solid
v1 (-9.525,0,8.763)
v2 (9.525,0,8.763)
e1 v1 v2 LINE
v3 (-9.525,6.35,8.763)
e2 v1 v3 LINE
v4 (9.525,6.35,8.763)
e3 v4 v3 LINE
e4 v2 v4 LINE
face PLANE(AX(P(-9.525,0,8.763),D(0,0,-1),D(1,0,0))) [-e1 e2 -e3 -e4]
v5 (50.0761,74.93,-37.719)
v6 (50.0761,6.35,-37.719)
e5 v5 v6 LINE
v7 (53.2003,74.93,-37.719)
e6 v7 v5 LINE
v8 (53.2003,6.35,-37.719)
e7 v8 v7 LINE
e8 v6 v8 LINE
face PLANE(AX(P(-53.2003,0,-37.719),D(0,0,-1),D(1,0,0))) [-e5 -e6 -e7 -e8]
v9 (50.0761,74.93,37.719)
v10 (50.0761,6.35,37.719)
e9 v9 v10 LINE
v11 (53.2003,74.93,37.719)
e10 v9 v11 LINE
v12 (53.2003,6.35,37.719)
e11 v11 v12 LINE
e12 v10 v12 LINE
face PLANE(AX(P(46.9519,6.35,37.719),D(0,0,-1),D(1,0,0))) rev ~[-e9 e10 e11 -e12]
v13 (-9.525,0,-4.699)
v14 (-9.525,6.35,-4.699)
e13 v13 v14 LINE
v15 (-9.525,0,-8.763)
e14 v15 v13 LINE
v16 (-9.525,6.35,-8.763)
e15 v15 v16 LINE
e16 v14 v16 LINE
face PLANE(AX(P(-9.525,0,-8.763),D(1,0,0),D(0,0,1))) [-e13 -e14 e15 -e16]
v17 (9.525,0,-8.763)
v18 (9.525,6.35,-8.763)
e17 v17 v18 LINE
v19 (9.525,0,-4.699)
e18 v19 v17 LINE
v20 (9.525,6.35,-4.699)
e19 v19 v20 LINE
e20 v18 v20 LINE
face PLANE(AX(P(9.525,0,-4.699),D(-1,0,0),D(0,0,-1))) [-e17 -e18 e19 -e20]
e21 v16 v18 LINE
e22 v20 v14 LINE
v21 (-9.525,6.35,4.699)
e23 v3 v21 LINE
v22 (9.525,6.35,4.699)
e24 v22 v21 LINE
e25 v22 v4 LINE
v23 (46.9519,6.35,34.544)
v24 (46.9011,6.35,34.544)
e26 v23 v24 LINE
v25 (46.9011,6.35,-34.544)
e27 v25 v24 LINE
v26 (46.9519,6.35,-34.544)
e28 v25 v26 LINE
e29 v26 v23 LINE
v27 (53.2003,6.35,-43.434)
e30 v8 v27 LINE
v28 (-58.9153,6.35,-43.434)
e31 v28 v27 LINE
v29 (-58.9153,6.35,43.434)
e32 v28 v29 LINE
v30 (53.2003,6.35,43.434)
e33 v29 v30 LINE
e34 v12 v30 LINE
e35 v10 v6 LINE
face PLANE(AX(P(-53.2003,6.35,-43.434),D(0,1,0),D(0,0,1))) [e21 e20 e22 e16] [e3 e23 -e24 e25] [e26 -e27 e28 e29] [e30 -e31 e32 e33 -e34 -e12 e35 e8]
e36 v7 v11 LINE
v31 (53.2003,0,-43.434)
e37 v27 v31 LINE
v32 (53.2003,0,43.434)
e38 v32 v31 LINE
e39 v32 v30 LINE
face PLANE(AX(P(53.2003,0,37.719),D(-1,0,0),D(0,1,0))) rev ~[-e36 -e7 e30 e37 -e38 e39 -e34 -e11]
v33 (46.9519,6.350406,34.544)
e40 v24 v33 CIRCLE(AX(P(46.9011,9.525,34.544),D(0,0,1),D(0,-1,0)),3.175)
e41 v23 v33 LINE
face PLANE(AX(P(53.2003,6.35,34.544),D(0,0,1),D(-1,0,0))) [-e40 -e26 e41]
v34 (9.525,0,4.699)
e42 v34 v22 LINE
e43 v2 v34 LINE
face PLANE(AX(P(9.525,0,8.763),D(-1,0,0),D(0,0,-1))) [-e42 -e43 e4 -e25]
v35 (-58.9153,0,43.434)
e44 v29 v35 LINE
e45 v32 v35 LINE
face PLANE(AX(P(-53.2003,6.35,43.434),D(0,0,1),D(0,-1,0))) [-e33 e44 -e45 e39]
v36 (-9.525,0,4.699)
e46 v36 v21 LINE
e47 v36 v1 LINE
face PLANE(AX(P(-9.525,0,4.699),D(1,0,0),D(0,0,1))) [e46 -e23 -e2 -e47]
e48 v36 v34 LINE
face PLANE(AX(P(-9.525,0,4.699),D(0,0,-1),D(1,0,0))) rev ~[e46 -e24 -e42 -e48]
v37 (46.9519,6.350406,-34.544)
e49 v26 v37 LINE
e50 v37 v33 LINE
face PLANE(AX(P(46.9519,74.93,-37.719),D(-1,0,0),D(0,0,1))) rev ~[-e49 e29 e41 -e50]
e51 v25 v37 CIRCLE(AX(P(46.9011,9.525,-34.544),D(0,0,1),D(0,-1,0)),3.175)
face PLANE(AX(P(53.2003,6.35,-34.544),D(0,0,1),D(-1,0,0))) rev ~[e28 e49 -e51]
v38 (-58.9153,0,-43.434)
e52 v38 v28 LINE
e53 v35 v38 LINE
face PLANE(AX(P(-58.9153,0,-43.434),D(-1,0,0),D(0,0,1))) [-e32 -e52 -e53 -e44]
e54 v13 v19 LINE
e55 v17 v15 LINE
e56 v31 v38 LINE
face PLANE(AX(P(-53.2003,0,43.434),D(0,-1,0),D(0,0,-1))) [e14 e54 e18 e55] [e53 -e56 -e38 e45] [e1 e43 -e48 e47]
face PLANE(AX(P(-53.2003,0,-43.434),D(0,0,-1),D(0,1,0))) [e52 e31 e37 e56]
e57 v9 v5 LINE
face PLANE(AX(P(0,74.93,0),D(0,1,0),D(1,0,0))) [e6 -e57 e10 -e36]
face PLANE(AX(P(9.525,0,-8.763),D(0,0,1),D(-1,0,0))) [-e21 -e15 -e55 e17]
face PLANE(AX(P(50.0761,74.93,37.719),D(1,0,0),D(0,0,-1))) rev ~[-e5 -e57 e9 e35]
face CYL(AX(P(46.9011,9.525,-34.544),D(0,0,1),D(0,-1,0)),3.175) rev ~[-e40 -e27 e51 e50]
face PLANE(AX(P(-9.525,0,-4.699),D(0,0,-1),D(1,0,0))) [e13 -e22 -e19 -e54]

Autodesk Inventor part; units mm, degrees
ref_plane "YZ Plane" through (0, 0, 0) normal (1, 0, 0) x (0, 1, 0)
ref_plane "XZ Plane" through (0, 0, 0) normal (0, 1, 0) x (-1, 0, 0)
ref_plane "XY Plane" through (0, 0, 0) normal (0, 0, 1) x (1, 0, 0)
sketch "Sketch1" plane through (0, 0, 0) normal (0, 1, 0) x (-1, 0, 0)
  line L0 (53.2003, -37.719) -> (-53.2003, -37.719)
  line L1 (-53.2003, -37.719) -> (-53.2003, 37.719)
  line L2 (-53.2003, 37.719) -> (53.2003, 37.719)
  line L3 (53.2003, 37.719) -> (53.2003, -37.719)
  line L4 (53.2003, -37.719) -> (-53.2003, 37.719) construction
  line L5 (-53.2003, -37.719) -> (53.2003, 37.719) construction
  point P0 (0, 0)
  dimension "d0" = 106.4006
  dimension "d1" = 75.438
extrude "Extrusion1" add sketch "Sketch1" along normal blind 6.35
sketch "Sketch2" plane through (0, 6.35, 0) normal (0, 1, 0) x (1, 0, 0)
  line L0 (53.2003, -37.719) -> (53.2003, 37.719) projected
  line L1 (53.2003, -37.719) -> (53.2003, -34.544)
  line L2 (53.2003, -34.544) -> (50.0761, -34.544)
  line L3 (53.2003, 37.719) -> (53.2003, 34.544)
  line L4 (53.2003, 34.544) -> (50.0761, 34.544)
  line L5 (50.0761, 34.544) -> (50.0761, -34.544)
  line L6 (53.2003, -34.544) -> (53.2003, 34.544)
  point P0 (0, 0)
  dimension "d4" = 3.175
  dimension "d5" = 3.1242
  dimension "d6" = 3.175
extrude "Extrusion2" add sketch "Sketch2" along normal blind 68.58
fillet "Fillet1" radius 3.175 1 edges at (50.0761, 6.35, 0)
sketch "Sketch3" plane through (0, 0, 0) normal (0, -1, 0) x (1, 0, 0)
  line L0 (-9.525, 8.763) -> (9.525, 8.763)
  line L1 (9.525, 8.763) -> (9.525, -8.763)
  line L2 (9.525, -8.763) -> (-9.525, -8.763)
  line L3 (-9.525, -8.763) -> (-9.525, 8.763)
  line L4 (-9.525, 8.763) -> (9.525, -8.763) construction
  line L5 (9.525, 8.763) -> (-9.525, -8.763) construction
  line L6 (9.525, -8.763) -> (-9.525, -8.763)
  line L7 (-9.525, -8.763) -> (-9.525, -4.699)
  line L8 (-9.525, -4.699) -> (9.525, -4.699)
  line L9 (9.525, -4.699) -> (9.525, -8.763)
  line L10 (9.525, 8.763) -> (-9.525, 8.763)
  line L11 (-9.525, 8.763) -> (-9.525, 4.699)
  line L12 (-9.525, 4.699) -> (9.525, 4.699)
  line L13 (9.525, 4.699) -> (9.525, 8.763)
  point P0 (0, 0)
  dimension "d10" = 19.05
  dimension "d11" = 17.526
  dimension "d12" = 4.064
  dimension "d13" = 4.064
extrude "Extrusion3" cut sketch "Sketch3" against normal blind 68.58 contours L0 L1 L12 L3 | L8 L1 L2 L3
sketch "Sketch4" plane through (0, 0, 0) normal (0, -1, 0) x (1, 0, 0)
  point P0 (0, 0)
sketch "Sketch5" plane through (0, 0, 0) normal (0, -1, 0) x (1, 0, 0)
  point P0 (0, 0)
sketch "Sketch6" plane through (53.2003, 0, -37.719) normal (0, 0, -1) x (-1, 0, 0)
  line L0 (106.4006, 0) -> (0, 0) projected
  line L1 (0, 6.35) -> (106.4006, 6.35) projected
  line L2 (106.4006, 0) -> (0, 0)
  line L3 (0, 0) -> (0, 6.35)
  line L4 (0, 6.35) -> (106.4006, 6.35)
  line L5 (106.4006, 6.35) -> (106.4006, 0)
  point P0 (53.2003, 0)
sketch "Sketch7" plane through (0, 6.35, 0) normal (0, 1, 0) x (1, 0, 0)
  line L0 (53.2003, 34.544) -> (53.2003, 37.719) projected
  line L1 (46.9519, -37.719) -> (53.2003, -37.719)
  line L2 (53.2003, -37.719) -> (53.2003, 37.719)
  line L3 (53.2003, 37.719) -> (46.9519, 37.719)
  line L4 (46.9519, 37.719) -> (46.9519, -37.719)
  line L5 (50.0761, 34.544) -> (50.0761, -34.544) projected
  line L6 (46.9519, -37.719) -> (53.2003, 37.719) construction
  line L7 (53.2003, -37.719) -> (46.9519, 37.719) construction
  point P0 (0, 0)
  point P1 (50.0761, 0)
extrude "Extrusion4" add sketch "Sketch7" along normal blind 68.58
sketch "Sketch8" plane through (0, 74.93, 0) normal (0, 1, 0) x (1, 0, 0)
  line L0 (53.2003, -37.719) -> (53.2003, 37.719) projected
  line L1 (53.2003, 37.719) -> (46.9519, 37.719) projected
  line L2 (53.2003, -37.719) -> (50.0761, -37.719)
  line L3 (50.0761, -37.719) -> (50.0761, 37.719)
  line L4 (50.0761, 37.719) -> (53.2003, 37.719)
  line L5 (53.2003, 37.719) -> (53.2003, -37.719)
  line L6 (46.9519, -37.719) -> (53.2003, -37.719) projected
  line L7 (50.0761, 37.719) -> (46.9519, 37.719)
  line L8 (46.9519, 37.719) -> (46.9519, -37.719)
  line L9 (46.9519, -37.719) -> (50.0761, -37.719)
  line L10 (50.0761, -37.719) -> (50.0761, 37.719)
  point P0 (0, 0)
extrude "Extrusion5" cut sketch "Sketch8" against normal blind 68.58 contours L6 L8 L1 L3
sketch "Sketch9" plane through (53.2003, 0, -37.719) normal (0, 0, -1) x (-1, 0, 0)
  line L0 (3.1242, 6.35) -> (106.4006, 6.35) projected
  line L1 (106.4006, 6.35) -> (0, 6.35)
  line L2 (0, 6.35) -> (0, 0)
  line L3 (0, 0) -> (106.4006, 0)
  line L4 (106.4006, 0) -> (106.4006, 6.35)
  point P0 (53.2003, 0)
extrude "Extrusion6" add sketch "Sketch9" along normal blind 5.715
sketch "Sketch10" plane through (-53.2003, 0, 37.719) normal (0, 0, 1) x (1, 0, 0)
  line L0 (0, 6.35) -> (106.4006, 6.35) projected
  line L1 (106.4006, 0) -> (106.4006, 74.93) projected
  line L2 (0, 6.35) -> (106.4006, 6.35)
  line L3 (106.4006, 6.35) -> (106.4006, 0)
  line L4 (106.4006, 0) -> (0, 0)
  line L5 (0, 0) -> (0, 6.35)
  point P0 (53.2003, 0)
extrude "Extrusion7" add sketch "Sketch10" along normal blind 5.715
sketch "Sketch11" plane through (-53.2003, 0, -43.434) normal (-1, 0, 0) x (0, 0, 1)
  line L0 (0, 0) -> (0, 6.35) projected
  line L1 (86.868, 0) -> (0, 0) projected
  line L2 (0, 6.35) -> (86.868, 6.35)
  line L3 (86.868, 6.35) -> (86.868, 0)
  line L4 (86.868, 0) -> (0, 0)
  line L5 (0, 0) -> (0, 6.35)
  point P0 (43.434, 0)
extrude "Extrusion8" add sketch "Sketch11" along normal blind 5.715
properties part number "Boxpt2"
